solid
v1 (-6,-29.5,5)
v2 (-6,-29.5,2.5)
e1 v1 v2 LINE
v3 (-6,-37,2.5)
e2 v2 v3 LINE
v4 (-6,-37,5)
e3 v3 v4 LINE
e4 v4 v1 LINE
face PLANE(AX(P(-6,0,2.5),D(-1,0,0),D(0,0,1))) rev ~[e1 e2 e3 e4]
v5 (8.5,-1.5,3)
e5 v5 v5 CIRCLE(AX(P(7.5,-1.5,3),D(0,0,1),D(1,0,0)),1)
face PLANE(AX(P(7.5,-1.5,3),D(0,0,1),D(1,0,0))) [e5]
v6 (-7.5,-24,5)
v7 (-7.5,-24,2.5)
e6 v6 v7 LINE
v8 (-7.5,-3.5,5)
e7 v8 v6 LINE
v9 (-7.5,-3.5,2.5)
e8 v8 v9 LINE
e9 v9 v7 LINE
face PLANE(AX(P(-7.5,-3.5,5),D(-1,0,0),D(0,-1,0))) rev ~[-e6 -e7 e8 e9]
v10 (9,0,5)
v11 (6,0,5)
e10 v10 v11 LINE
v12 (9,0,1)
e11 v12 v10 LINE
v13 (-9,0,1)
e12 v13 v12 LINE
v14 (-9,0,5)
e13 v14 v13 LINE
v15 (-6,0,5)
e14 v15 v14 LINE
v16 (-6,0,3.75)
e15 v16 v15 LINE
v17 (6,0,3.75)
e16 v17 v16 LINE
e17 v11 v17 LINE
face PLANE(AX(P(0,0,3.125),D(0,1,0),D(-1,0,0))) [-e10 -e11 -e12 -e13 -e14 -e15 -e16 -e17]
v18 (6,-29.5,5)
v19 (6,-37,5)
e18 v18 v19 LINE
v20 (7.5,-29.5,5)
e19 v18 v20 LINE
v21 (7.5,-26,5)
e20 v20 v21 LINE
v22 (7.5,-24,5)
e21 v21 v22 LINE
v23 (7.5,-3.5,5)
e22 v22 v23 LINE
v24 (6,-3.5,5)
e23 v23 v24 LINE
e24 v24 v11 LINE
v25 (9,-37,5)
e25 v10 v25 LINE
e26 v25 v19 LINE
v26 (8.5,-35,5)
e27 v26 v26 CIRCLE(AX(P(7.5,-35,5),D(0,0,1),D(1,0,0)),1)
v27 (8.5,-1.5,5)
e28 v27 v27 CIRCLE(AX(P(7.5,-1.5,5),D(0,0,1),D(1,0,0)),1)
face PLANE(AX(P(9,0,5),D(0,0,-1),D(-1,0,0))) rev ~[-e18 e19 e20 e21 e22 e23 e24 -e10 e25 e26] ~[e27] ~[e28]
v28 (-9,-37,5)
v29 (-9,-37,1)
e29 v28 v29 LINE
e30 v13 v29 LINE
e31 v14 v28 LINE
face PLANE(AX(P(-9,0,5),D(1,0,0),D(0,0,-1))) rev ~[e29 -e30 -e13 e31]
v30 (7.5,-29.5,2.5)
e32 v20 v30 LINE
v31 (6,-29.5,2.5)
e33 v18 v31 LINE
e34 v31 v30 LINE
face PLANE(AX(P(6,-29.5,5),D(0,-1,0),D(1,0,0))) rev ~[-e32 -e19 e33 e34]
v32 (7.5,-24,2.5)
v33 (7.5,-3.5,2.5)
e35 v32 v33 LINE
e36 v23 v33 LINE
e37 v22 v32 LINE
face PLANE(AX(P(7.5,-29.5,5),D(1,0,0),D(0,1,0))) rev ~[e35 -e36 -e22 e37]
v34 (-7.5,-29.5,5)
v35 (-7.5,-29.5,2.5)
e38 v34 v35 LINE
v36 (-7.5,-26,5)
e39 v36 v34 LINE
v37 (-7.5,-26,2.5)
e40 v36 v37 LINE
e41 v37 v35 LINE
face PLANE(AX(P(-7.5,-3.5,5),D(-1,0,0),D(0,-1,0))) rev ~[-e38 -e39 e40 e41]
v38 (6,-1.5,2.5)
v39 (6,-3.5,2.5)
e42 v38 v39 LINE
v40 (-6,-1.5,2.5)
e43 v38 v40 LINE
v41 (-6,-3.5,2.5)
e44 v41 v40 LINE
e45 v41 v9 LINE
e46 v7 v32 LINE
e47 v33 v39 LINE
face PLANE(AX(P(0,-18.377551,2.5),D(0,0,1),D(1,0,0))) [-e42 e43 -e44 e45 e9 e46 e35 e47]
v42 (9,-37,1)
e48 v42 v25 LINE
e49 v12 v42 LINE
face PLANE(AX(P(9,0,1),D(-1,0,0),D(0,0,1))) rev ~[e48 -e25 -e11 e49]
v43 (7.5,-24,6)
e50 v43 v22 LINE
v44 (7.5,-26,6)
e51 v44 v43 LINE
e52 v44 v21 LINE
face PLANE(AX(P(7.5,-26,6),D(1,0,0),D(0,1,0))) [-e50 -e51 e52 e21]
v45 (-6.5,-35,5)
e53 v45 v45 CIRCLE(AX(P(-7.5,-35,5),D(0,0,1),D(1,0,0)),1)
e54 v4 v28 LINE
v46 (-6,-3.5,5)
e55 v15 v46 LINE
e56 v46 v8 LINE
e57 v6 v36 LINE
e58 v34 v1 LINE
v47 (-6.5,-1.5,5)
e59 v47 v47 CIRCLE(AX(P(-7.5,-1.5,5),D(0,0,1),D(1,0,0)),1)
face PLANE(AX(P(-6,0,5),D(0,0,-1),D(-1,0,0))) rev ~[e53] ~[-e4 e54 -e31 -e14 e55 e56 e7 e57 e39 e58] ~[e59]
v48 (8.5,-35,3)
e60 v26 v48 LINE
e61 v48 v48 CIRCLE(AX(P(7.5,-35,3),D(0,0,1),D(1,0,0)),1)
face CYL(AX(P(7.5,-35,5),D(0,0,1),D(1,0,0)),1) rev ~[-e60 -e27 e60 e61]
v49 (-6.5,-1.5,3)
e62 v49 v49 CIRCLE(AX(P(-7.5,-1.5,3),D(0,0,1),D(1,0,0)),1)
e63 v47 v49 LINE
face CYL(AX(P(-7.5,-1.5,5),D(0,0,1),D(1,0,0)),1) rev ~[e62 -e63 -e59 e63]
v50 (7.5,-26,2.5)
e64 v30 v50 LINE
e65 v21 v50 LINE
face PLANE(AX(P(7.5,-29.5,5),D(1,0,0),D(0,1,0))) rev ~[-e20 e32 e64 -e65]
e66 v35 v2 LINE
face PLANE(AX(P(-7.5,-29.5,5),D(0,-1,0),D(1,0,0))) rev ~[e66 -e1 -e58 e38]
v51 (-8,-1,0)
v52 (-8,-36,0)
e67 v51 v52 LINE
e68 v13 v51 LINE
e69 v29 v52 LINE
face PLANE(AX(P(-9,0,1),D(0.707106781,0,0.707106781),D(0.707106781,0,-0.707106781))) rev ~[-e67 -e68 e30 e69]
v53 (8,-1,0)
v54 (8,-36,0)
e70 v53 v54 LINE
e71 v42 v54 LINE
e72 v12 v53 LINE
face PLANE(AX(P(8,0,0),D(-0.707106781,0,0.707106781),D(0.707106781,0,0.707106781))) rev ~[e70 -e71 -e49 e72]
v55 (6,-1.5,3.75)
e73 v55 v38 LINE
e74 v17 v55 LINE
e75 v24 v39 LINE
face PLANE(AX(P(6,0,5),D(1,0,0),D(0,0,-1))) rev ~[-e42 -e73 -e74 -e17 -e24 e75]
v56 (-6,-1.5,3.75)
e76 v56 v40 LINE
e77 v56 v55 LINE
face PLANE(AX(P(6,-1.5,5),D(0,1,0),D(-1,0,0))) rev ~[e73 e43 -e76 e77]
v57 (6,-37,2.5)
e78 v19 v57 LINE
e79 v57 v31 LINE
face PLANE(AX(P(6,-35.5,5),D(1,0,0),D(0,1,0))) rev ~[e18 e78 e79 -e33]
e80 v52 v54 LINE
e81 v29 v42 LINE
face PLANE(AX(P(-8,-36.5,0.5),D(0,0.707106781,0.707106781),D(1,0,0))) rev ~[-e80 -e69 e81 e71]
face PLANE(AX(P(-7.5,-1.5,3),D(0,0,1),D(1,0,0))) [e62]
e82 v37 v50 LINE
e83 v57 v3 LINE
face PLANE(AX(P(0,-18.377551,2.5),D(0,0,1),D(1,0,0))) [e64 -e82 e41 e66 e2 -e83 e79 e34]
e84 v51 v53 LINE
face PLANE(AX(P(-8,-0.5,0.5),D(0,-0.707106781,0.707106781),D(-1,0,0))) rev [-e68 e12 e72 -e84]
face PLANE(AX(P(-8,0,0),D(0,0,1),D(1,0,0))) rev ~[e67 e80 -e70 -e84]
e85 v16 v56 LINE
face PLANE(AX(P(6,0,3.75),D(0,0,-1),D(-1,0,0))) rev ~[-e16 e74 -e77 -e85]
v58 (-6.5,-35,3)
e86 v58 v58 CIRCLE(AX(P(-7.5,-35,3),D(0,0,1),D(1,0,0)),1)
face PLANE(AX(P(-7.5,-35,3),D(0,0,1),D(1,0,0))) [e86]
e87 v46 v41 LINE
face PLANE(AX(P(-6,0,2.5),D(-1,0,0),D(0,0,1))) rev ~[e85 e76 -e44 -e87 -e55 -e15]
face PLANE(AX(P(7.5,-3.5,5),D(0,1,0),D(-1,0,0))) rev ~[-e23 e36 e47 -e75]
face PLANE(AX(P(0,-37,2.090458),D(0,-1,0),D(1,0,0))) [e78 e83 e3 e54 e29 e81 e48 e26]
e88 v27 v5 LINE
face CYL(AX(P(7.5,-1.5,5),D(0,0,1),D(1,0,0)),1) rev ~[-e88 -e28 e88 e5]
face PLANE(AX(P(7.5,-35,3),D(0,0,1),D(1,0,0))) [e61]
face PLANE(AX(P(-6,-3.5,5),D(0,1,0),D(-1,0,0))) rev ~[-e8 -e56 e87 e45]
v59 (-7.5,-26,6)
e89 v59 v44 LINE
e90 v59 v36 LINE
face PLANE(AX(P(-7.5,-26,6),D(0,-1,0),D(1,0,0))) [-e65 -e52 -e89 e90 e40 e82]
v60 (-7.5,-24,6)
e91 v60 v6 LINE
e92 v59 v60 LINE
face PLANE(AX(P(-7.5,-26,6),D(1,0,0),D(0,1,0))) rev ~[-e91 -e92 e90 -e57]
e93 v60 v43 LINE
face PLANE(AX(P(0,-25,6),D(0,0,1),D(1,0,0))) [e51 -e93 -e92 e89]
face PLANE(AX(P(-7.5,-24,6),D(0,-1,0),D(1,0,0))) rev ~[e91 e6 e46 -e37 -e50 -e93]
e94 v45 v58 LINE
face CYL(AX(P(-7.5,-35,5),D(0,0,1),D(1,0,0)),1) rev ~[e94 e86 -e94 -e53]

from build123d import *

# Parameters (mm, degrees)
F1_DEPTH  = 37
F2_W      = 12
F2_H      = 1.25
F3_DEPTH  = 2
F5_DEPTH  = 2.5
F7_W      = 15
F7_H      = 2
F8_DEPTH  = 3.5
F9_R      = 1
F9_R_2    = 0.9349601775
F10_DEPTH = 2
F11_SIZE  = 1


with BuildPart() as f1:
    # F0 (on Front) → F1 (new body)
    with BuildSketch(Plane.XZ):
        Polygon((-9, 1), (-8, 0), (8, 0), (9, 1), (9, 5), (6, 5), (6, 2.5), (-6, 2.5), (-6, 5), (-9, 5), align=None)
    extrude(amount=F1_DEPTH)

    # F2 (on face) → F3 (join)
    with BuildSketch(Plane(origin=(0, 0, 0), x_dir=(-1, 0, 0), z_dir=(0, 1, 0))):
        with Locations((0, 3.125)):
            Rectangle(F2_W, F2_H)
    extrude(amount=-F3_DEPTH)

    # F4 (on face) → F5 (cut, through all)
    with BuildSketch(Plane.XY.offset(5)):
        Polygon((-7.5, -3.5), (-7.5, -29.5), (-6, -29.5), (-6, -35.5), (6, -35.5), (6, -29.5), (7.5, -29.5), (7.5, -3.5), (6, -3.5), (6, -1.5), (-6, -1.5), (-6, -3.5), align=None)
    extrude(amount=-F5_DEPTH, mode=Mode.SUBTRACT)

    # F7 (on offset) → F8 (join, through all)
    with BuildSketch(Plane.XY.offset(6)):
        with Locations((0, -25)):
            Rectangle(F7_W, F7_H)
    extrude(amount=-F8_DEPTH)

    # F9 (on face) → F10 (cut)
    with BuildSketch(Plane.XY.offset(5)):
        with Locations((-7.5, -35)):
            Circle(F9_R)
        with Locations((134.6376875191, -34.7655261621)):
            Circle(F9_R_2)
        with Locations((7.5, -35)):
            Circle(F9_R)
        with Locations((-7.5, -1.5)):
            Circle(F9_R)
        with Locations((7.5, -1.5)):
            Circle(F9_R)
    extrude(amount=-F10_DEPTH, mode=Mode.SUBTRACT)

    # F11
    f11_edges = [f1.edges().sort_by_distance(p)[0] for p in [
        (0, 0, 0),
        (0, -37, 0),
    ]]
    chamfer(f11_edges, length=F11_SIZE)


solid = f1.part
